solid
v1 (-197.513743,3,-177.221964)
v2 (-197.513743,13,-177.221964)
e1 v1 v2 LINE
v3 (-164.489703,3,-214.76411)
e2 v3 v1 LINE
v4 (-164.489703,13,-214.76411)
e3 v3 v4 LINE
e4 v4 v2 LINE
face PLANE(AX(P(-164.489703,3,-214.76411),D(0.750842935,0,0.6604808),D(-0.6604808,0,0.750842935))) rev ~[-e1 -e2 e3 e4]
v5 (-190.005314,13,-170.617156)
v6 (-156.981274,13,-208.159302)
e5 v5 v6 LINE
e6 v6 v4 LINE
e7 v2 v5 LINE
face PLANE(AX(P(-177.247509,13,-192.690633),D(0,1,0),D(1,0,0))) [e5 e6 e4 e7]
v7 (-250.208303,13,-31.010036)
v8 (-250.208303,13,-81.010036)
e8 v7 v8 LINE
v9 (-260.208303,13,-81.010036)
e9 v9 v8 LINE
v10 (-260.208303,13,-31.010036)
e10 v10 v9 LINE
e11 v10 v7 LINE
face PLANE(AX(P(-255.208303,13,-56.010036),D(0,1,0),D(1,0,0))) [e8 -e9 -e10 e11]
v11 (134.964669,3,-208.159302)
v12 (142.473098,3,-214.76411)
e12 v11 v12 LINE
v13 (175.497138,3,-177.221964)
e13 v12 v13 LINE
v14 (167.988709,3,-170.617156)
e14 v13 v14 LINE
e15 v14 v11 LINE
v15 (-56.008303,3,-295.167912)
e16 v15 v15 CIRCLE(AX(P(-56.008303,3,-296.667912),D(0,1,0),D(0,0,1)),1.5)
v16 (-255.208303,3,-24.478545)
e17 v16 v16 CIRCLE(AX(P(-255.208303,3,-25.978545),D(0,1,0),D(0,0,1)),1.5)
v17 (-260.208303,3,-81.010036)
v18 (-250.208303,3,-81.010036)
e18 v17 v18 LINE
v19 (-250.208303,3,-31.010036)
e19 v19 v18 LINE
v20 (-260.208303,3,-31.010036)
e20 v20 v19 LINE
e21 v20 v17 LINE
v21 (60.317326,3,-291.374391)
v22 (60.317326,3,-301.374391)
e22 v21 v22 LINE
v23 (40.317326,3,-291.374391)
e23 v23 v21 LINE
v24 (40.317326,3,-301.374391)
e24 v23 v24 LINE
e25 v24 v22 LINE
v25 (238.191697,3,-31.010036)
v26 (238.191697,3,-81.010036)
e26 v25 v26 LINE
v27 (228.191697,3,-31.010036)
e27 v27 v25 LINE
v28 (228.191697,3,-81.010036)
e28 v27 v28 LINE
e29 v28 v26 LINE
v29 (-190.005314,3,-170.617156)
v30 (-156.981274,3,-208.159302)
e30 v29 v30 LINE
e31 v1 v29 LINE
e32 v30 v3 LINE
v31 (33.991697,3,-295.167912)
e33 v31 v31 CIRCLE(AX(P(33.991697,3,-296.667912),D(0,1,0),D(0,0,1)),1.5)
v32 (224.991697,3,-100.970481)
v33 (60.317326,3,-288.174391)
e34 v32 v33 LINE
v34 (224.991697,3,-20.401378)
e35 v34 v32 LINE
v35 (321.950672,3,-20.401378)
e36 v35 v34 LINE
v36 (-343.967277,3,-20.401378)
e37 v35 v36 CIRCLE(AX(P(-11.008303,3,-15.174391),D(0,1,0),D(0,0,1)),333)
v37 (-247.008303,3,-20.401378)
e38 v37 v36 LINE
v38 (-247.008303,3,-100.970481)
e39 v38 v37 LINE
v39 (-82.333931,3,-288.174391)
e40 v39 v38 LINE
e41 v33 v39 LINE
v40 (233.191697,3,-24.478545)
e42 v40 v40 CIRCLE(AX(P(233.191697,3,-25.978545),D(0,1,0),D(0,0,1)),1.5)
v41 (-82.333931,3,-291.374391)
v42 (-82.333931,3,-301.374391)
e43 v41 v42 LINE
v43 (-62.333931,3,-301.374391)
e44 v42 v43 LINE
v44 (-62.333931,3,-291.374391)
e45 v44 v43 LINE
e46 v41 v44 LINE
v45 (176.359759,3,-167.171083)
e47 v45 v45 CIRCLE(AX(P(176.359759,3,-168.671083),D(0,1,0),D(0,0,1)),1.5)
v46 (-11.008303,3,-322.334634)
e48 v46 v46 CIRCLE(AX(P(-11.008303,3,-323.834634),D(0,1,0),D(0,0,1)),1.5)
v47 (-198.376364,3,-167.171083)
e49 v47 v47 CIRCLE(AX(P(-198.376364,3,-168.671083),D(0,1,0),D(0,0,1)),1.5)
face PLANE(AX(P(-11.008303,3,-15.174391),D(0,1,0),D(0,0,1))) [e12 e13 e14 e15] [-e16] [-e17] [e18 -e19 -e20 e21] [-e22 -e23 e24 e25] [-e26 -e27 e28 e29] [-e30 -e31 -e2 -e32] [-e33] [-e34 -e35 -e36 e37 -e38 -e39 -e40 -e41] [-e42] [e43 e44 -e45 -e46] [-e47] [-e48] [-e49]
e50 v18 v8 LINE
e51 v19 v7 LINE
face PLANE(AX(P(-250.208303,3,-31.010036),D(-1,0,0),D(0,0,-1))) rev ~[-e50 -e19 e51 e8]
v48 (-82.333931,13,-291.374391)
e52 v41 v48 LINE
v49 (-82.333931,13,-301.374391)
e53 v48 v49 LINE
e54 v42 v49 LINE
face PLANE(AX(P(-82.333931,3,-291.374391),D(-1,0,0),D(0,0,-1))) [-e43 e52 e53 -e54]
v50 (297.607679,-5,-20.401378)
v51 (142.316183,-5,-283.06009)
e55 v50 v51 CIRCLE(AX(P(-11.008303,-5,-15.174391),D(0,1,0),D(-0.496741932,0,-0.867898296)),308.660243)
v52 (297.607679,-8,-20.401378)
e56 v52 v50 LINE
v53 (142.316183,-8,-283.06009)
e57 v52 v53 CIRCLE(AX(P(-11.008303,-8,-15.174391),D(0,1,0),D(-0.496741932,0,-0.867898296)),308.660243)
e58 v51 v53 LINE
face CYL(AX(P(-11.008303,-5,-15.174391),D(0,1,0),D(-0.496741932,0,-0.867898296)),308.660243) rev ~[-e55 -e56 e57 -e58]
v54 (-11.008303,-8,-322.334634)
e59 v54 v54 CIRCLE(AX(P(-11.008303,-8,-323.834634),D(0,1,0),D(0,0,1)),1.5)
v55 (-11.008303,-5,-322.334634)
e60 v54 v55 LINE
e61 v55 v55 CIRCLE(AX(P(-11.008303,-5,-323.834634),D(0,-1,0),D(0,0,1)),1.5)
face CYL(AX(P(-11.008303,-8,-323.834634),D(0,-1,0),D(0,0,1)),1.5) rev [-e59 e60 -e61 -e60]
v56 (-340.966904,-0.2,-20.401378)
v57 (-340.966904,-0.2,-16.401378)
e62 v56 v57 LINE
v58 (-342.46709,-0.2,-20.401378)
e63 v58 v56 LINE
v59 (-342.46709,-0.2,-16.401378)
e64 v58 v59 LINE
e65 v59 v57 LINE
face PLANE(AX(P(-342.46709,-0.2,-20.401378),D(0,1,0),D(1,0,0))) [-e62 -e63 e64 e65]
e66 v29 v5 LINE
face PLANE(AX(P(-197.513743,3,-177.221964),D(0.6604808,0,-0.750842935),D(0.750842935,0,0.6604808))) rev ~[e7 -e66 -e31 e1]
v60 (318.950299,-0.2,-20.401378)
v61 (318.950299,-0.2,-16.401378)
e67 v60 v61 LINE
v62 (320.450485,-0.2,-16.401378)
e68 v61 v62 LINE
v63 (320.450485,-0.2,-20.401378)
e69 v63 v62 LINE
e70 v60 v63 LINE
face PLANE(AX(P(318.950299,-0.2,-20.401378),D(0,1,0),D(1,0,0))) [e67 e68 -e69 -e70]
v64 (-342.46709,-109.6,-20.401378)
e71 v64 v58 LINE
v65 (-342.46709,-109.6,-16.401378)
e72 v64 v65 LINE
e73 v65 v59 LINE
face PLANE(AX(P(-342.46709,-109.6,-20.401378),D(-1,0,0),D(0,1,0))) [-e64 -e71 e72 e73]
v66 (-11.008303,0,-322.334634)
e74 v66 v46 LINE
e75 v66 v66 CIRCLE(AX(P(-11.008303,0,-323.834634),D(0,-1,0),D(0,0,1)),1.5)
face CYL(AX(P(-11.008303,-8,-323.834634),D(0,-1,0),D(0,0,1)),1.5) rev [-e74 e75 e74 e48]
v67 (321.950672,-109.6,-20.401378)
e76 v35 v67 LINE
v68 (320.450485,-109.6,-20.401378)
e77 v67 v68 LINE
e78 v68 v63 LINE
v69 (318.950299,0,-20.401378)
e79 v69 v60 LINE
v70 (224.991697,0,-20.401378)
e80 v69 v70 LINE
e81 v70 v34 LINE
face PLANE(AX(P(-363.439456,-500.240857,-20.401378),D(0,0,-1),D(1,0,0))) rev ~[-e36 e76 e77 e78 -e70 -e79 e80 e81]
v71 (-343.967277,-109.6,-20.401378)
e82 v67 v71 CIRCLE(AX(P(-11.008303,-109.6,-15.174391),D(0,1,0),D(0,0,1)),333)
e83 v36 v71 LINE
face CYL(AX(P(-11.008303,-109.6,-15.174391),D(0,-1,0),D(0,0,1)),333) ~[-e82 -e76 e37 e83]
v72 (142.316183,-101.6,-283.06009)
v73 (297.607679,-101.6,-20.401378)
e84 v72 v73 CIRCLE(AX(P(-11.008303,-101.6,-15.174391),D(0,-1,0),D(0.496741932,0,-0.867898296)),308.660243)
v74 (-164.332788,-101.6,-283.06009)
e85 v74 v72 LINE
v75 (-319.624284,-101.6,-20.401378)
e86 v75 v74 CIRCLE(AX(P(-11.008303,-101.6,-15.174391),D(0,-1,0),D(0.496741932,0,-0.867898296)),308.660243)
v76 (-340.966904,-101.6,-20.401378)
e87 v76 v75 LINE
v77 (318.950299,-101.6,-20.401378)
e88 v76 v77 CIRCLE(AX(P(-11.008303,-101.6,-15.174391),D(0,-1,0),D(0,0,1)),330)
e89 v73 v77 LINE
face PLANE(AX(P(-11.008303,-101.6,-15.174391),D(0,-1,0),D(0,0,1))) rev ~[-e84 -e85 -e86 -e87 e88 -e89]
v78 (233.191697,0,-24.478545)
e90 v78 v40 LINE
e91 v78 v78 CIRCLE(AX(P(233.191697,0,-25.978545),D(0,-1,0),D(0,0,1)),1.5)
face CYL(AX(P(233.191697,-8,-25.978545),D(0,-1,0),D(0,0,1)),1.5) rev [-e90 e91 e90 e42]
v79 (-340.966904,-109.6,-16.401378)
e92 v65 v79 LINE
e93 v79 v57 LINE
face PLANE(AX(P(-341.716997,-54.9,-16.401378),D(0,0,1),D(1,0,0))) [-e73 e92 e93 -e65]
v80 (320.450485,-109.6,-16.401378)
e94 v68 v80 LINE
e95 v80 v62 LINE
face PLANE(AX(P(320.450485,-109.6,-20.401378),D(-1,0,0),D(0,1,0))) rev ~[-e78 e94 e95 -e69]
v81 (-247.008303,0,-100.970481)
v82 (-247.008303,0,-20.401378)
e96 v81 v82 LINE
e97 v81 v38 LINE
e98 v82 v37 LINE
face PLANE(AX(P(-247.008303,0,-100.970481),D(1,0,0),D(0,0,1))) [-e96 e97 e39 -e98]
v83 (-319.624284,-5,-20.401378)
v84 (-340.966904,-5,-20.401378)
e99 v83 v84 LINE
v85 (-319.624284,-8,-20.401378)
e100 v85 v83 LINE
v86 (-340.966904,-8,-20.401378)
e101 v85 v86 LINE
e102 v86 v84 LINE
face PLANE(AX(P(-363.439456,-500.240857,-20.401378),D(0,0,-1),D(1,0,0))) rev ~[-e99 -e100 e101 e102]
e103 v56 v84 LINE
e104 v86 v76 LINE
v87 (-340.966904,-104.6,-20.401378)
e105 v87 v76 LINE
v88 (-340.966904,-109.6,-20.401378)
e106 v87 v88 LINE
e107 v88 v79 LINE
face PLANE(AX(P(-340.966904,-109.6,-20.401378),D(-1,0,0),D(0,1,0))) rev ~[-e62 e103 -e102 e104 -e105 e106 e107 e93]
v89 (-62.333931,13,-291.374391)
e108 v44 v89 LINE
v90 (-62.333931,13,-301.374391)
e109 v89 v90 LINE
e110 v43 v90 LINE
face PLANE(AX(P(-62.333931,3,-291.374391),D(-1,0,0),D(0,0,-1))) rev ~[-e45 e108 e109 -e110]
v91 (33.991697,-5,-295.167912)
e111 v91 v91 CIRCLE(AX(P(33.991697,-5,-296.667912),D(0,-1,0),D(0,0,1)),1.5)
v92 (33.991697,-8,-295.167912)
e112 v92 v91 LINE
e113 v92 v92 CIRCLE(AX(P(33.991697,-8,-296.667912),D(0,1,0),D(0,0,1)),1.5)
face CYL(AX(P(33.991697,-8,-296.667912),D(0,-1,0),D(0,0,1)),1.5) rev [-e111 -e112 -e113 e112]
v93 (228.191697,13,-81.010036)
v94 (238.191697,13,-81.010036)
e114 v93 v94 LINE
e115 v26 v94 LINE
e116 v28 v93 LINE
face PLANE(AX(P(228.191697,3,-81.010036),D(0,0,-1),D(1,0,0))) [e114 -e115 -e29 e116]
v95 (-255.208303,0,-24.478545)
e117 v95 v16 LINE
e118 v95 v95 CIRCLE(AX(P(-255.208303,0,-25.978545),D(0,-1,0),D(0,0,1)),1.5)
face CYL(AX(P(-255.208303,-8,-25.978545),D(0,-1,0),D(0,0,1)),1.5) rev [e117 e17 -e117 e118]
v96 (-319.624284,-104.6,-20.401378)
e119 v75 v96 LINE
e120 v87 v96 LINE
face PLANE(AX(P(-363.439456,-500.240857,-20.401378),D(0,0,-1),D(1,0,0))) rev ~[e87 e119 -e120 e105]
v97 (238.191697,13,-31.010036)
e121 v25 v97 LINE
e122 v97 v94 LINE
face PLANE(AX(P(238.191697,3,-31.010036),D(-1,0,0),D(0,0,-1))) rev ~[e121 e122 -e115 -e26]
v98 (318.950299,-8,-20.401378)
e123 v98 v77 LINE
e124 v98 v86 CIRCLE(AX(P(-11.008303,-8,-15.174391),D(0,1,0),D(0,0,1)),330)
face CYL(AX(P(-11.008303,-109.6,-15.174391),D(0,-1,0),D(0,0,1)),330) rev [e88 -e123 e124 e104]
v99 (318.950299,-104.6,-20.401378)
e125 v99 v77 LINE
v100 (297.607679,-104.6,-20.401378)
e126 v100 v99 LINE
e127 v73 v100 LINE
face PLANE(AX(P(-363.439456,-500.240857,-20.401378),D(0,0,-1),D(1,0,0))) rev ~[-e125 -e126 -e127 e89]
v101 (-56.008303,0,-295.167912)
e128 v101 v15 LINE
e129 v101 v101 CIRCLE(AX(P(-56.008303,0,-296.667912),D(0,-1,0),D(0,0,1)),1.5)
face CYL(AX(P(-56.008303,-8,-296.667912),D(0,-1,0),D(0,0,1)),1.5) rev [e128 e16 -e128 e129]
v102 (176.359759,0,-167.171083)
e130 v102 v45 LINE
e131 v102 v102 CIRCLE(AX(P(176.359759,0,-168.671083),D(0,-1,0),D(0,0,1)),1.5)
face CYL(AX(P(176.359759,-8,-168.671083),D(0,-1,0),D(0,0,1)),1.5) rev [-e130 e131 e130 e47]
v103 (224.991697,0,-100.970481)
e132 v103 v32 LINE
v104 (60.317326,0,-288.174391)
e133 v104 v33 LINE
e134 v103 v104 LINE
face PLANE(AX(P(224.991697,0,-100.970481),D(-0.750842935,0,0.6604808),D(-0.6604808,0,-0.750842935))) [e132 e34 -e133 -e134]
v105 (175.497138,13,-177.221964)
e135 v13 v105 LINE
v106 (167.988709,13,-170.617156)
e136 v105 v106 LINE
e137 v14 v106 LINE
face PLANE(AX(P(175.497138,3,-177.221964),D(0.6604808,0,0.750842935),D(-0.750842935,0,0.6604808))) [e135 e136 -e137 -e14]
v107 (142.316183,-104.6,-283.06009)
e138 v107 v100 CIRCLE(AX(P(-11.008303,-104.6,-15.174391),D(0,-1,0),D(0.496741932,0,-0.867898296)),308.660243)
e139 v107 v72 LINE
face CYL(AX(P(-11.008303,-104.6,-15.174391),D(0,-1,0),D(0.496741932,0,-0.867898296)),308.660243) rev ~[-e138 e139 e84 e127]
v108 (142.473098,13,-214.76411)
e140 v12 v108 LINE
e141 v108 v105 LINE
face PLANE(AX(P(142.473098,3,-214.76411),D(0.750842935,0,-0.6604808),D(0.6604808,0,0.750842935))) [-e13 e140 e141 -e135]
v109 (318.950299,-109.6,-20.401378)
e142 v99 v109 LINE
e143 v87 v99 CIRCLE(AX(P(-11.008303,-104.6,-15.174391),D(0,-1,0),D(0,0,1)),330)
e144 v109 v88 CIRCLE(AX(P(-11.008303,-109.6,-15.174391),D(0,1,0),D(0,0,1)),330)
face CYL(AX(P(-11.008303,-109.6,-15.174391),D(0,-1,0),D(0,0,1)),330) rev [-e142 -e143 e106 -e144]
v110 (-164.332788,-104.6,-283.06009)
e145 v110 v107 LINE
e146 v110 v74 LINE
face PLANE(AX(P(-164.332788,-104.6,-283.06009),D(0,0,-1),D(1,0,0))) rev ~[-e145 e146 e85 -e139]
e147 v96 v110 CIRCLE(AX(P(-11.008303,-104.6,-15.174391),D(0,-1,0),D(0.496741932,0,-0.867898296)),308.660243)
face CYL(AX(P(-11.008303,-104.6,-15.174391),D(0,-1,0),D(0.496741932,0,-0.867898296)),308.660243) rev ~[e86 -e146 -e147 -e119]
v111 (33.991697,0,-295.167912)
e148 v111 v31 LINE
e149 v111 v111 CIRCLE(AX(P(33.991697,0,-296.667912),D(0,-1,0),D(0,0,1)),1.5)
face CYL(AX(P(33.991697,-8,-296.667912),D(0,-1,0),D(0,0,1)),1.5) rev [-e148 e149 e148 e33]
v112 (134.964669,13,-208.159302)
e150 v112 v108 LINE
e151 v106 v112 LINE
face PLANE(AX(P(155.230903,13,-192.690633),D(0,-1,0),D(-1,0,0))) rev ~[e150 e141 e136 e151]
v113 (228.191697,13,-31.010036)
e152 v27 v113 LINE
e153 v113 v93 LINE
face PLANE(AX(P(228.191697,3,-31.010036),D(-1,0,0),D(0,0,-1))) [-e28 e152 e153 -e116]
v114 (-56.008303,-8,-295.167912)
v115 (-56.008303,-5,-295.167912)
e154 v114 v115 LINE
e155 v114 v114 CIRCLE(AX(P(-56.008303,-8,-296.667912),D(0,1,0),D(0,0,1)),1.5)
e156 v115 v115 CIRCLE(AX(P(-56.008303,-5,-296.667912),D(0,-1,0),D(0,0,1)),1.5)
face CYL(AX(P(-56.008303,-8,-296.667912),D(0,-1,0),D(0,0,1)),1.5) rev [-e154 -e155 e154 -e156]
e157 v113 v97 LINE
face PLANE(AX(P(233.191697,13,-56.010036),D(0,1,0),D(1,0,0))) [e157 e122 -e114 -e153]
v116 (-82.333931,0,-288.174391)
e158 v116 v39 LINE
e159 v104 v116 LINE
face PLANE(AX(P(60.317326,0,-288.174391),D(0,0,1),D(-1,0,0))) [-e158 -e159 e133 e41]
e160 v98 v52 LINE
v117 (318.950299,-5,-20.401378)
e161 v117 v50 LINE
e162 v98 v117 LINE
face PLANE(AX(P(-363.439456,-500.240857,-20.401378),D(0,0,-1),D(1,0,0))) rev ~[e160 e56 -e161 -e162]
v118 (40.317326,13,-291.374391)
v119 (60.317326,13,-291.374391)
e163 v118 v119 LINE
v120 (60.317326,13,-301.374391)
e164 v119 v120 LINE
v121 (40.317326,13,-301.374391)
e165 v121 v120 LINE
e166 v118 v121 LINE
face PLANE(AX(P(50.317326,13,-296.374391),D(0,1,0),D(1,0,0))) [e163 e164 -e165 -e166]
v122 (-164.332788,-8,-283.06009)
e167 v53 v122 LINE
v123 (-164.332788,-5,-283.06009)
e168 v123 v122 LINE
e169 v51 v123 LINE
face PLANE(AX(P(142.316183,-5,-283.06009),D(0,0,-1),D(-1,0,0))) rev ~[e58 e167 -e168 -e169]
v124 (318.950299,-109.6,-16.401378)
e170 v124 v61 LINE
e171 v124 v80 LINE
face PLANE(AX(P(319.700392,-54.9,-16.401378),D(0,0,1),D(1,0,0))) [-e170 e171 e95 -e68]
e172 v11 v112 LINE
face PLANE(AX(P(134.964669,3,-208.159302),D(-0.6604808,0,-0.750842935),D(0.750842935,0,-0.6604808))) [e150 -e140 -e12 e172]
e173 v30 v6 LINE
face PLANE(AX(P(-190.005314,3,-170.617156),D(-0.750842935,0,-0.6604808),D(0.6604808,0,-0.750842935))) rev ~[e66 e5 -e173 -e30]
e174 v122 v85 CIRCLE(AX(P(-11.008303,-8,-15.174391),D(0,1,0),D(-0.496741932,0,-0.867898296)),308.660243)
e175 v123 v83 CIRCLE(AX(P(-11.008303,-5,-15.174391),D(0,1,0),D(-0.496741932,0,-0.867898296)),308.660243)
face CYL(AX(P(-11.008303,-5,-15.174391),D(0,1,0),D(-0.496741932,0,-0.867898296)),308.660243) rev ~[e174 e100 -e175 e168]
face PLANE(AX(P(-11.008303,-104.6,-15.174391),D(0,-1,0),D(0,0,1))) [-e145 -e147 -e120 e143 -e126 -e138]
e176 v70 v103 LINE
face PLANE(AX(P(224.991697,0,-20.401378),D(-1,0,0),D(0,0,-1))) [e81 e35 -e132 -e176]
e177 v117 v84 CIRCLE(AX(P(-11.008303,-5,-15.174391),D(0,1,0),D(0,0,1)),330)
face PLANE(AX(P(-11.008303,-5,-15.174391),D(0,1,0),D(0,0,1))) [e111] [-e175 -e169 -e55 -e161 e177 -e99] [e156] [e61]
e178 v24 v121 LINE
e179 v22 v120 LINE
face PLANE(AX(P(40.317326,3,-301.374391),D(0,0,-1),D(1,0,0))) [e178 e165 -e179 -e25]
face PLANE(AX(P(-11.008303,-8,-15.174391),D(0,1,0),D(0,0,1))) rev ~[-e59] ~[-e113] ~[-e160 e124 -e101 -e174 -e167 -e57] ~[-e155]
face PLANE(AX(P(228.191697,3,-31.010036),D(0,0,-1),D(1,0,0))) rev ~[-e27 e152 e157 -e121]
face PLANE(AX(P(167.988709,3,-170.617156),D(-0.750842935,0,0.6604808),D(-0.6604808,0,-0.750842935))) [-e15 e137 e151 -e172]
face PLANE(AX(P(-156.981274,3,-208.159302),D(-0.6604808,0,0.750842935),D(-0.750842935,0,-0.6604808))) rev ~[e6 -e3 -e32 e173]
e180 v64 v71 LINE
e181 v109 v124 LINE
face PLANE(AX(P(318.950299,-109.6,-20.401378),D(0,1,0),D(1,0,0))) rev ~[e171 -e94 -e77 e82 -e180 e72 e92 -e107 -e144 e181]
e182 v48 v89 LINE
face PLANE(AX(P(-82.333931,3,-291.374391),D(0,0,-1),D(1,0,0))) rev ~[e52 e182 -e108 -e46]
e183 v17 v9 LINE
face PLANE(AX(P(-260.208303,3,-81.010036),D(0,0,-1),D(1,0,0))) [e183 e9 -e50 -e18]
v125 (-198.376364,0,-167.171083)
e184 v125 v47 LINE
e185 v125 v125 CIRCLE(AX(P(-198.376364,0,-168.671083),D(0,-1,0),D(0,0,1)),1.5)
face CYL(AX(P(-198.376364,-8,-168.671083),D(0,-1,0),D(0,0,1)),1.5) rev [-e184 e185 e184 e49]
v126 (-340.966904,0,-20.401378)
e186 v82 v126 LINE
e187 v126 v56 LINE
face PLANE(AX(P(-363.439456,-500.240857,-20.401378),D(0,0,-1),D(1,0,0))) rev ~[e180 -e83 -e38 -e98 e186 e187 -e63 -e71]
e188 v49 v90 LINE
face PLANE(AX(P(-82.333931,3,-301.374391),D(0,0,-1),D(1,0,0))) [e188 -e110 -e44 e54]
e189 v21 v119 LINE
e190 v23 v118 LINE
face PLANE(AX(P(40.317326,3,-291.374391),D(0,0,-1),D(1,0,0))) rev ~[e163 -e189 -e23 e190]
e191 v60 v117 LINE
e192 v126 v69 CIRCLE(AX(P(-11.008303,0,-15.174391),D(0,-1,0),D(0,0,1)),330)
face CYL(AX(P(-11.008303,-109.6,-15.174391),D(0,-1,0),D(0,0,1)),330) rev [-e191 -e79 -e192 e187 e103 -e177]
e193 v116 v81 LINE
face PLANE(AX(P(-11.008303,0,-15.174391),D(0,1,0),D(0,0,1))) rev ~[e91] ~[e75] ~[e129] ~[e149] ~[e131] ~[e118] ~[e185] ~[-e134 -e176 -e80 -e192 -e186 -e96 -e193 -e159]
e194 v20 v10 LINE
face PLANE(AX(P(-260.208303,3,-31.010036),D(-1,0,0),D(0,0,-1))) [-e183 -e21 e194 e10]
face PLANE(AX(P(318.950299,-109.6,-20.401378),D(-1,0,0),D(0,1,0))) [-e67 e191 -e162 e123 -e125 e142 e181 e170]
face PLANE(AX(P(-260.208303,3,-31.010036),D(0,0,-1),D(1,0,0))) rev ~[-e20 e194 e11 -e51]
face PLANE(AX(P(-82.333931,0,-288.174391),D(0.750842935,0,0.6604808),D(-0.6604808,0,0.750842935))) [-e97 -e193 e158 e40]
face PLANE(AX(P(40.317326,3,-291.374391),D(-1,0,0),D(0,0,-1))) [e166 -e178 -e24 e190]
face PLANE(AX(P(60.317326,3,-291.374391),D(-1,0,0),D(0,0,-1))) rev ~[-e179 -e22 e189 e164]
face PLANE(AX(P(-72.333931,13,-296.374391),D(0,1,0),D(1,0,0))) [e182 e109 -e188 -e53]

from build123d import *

# Parameters (mm, degrees)
BOSS_EXTRUDE2_DEPTH      = 3
BOSS_EXTRUDE2_DEPTH_BACK = 109.6
SKETCH3_R                = 333
SKETCH3_R_2              = 330
SKETCH5_R                = 330
BOSS_EXTRUDE4_DEPTH      = 3
SKETCH6_R                = 333
BOSS_EXTRUDE6_DEPTH      = 3
SKETCH17_R               = 330
BOSS_EXTRUDE9_DEPTH      = 3
CUT_EXTRUDE1_DEPTH       = 503.240857237
CUT_EXTRUDE1_DEPTH_BACK  = 503.240857237
SKETCH18_W               = 721.551246538
SKETCH18_H               = 348.822819085
SKETCH19_W               = 10
SKETCH19_H               = 50
SKETCH19_W_2             = 20
SKETCH19_H_2             = 10
BOSS_EXTRUDE10_DEPTH     = 10
SKETCH23_W               = 1.500186503
SKETCH23_H               = 109.4
BOSS_EXTRUDE11_DEPTH     = 4
CUT_EXTRUDE2_START       = -11
SKETCH25_R               = 1.5
CUT_EXTRUDE2_DEPTH       = 11


with BuildPart() as part:
    # Sketch3 → Boss-Extrude2 (new, two sides: drawn at the far end of the back side and taken through both)
    with BuildSketch(Plane(origin=(0, 0, 0), x_dir=(1, 0, 0), z_dir=(0, 1, 0)).offset(-BOSS_EXTRUDE2_DEPTH_BACK)):
        with Locations(Location((-11.008302555, 15.174390861, 0), (0, 0, 270))):
            Circle(SKETCH3_R)
        with Locations(Location((-11.008302555, 15.174390861, 0), (0, 0, 270))):
            Circle(SKETCH3_R_2, mode=Mode.SUBTRACT)
    extrude(amount=BOSS_EXTRUDE2_DEPTH + BOSS_EXTRUDE2_DEPTH_BACK)

    # Sketch5 → Boss-Extrude4 (add)
    with BuildSketch(Plane.XZ.offset(104.6)):
        with Locations(Location((-11.008302555, -15.174390861, 0), (0, 0, 90))):
            Circle(SKETCH5_R)
        with BuildLine():
            Line((-164.332788108, -283.060090014), (142.316182998, -283.060090014))
            ThreePointArc((142.316182998, -283.060090014), (-11.008302555, 293.485852256), (-164.332788108, -283.060090014))
        make_face(mode=Mode.SUBTRACT)
    extrude(amount=-BOSS_EXTRUDE4_DEPTH)

    # Sketch6 → Boss-Extrude6 (add)
    with BuildSketch(Plane(origin=(0, 0, 0), x_dir=(1, 0, 0), z_dir=(0, 1, 0))):
        with Locations(Location((-11.008302555, 15.174390861, 0), (0, 0, 270))):
            Circle(SKETCH6_R)
        Polygon((187.991697445, -189.598621739), (187.991697445, 20.401378261), (224.991697445, 20.401378261), (224.991697445, 100.970480915), (60.317326344, 288.174390861), (-82.333931455, 288.174390861), (-247.008302555, 100.970480915), (-247.008302555, 20.401378261), (-210.008302555, 20.401378261), (-210.008302555, -189.598621739), align=None, mode=Mode.SUBTRACT)
    extrude(amount=BOSS_EXTRUDE6_DEPTH)

    # Sketch17 → Boss-Extrude9 (add)
    with BuildSketch(Plane(origin=(0, -5, 0), x_dir=(1, 0, 0), z_dir=(0, 1, 0))):
        with Locations(Location((-11.008302555, 15.174390861, 0), (0, 0, 270))):
            Circle(SKETCH17_R)
        with BuildLine():
            Line((142.316182998, 283.060090014), (-164.332788108, 283.060090014))
            ThreePointArc((-164.332788108, 283.060090014), (-11.008302555, -293.485852256), (142.316182998, 283.060090014))
        make_face(mode=Mode.SUBTRACT)
    extrude(amount=-BOSS_EXTRUDE9_DEPTH)

    # Sketch18 → Cut-Extrude1 (cut, two sides: drawn at the far end of the back side and taken through both)
    with BuildSketch(Plane(origin=(0, 3, 0), x_dir=(1, 0, 0), z_dir=(0, 1, 0)).offset(-CUT_EXTRUDE1_DEPTH_BACK)):
        with Locations((-2.663832357, -154.010031282)):
            Rectangle(SKETCH18_W, SKETCH18_H)
    extrude(amount=CUT_EXTRUDE1_DEPTH + CUT_EXTRUDE1_DEPTH_BACK, mode=Mode.SUBTRACT)

    # Sketch19 → Boss-Extrude10 (add)
    with BuildSketch(Plane(origin=(0, 3, 0), x_dir=(1, 0, 0), z_dir=(0, 1, 0))):
        Polygon((-190.005313879, 170.617155509), (-156.981273896, 208.159302266), (-164.489703247, 214.764110263), (-197.513743231, 177.221963505), align=None)
        Polygon((167.988708769, 170.617155509), (134.964668786, 208.159302266), (142.473098137, 214.764110263), (175.49713812, 177.221963505), align=None)
        with Locations((-255.208302555, 56.010036487)):
            Rectangle(SKETCH19_W, SKETCH19_H)
        with Locations((233.191697445, 56.010036487)):
            Rectangle(SKETCH19_W, SKETCH19_H)
        with Locations((-72.333931455, 296.374390861)):
            Rectangle(SKETCH19_W_2, SKETCH19_H_2)
        with Locations((50.317326344, 296.374390861)):
            Rectangle(SKETCH19_W_2, SKETCH19_H_2)
    extrude(amount=BOSS_EXTRUDE10_DEPTH)

    # Sketch23 → Boss-Extrude11 (add)
    with BuildSketch(Plane.XY.offset(-20.401378261)):
        with Locations((319.700392044, -54.9)):
            Rectangle(SKETCH23_W, SKETCH23_H)
        with Locations((-341.716997154, -54.9)):
            Rectangle(SKETCH23_W, SKETCH23_H)
    extrude(amount=BOSS_EXTRUDE11_DEPTH)

    # Sketch25 → Cut-Extrude2 (cut)
    with BuildSketch(Plane(origin=(0, 3, 0), x_dir=(1, 0, 0), z_dir=(0, 1, 0)).offset(CUT_EXTRUDE2_START)):
        with Locations(Location((-56.008302555, 296.667912331, 0), (0, 0, 270))):
            Circle(SKETCH25_R)
        with Locations(Location((33.991697445, 296.667912331, 0), (0, 0, 270))):
            Circle(SKETCH25_R)
        with Locations(Location((-11.008302555, 323.834633978, 0), (0, 0, 270))):
            Circle(SKETCH25_R)
        with Locations(Location((-198.376364015, 168.671082504, 0), (0, 0, 270))):
            Circle(SKETCH25_R)
        with Locations(Location((176.359758905, 168.671082504, 0), (0, 0, 270))):
            Circle(SKETCH25_R)
        with Locations(Location((-255.208302555, 25.978544832, 0), (0, 0, 270))):
            Circle(SKETCH25_R)
        with Locations(Location((233.191697445, 25.978544832, 0), (0, 0, 270))):
            Circle(SKETCH25_R)
    extrude(amount=CUT_EXTRUDE2_DEPTH, mode=Mode.SUBTRACT)


solid = part.part
